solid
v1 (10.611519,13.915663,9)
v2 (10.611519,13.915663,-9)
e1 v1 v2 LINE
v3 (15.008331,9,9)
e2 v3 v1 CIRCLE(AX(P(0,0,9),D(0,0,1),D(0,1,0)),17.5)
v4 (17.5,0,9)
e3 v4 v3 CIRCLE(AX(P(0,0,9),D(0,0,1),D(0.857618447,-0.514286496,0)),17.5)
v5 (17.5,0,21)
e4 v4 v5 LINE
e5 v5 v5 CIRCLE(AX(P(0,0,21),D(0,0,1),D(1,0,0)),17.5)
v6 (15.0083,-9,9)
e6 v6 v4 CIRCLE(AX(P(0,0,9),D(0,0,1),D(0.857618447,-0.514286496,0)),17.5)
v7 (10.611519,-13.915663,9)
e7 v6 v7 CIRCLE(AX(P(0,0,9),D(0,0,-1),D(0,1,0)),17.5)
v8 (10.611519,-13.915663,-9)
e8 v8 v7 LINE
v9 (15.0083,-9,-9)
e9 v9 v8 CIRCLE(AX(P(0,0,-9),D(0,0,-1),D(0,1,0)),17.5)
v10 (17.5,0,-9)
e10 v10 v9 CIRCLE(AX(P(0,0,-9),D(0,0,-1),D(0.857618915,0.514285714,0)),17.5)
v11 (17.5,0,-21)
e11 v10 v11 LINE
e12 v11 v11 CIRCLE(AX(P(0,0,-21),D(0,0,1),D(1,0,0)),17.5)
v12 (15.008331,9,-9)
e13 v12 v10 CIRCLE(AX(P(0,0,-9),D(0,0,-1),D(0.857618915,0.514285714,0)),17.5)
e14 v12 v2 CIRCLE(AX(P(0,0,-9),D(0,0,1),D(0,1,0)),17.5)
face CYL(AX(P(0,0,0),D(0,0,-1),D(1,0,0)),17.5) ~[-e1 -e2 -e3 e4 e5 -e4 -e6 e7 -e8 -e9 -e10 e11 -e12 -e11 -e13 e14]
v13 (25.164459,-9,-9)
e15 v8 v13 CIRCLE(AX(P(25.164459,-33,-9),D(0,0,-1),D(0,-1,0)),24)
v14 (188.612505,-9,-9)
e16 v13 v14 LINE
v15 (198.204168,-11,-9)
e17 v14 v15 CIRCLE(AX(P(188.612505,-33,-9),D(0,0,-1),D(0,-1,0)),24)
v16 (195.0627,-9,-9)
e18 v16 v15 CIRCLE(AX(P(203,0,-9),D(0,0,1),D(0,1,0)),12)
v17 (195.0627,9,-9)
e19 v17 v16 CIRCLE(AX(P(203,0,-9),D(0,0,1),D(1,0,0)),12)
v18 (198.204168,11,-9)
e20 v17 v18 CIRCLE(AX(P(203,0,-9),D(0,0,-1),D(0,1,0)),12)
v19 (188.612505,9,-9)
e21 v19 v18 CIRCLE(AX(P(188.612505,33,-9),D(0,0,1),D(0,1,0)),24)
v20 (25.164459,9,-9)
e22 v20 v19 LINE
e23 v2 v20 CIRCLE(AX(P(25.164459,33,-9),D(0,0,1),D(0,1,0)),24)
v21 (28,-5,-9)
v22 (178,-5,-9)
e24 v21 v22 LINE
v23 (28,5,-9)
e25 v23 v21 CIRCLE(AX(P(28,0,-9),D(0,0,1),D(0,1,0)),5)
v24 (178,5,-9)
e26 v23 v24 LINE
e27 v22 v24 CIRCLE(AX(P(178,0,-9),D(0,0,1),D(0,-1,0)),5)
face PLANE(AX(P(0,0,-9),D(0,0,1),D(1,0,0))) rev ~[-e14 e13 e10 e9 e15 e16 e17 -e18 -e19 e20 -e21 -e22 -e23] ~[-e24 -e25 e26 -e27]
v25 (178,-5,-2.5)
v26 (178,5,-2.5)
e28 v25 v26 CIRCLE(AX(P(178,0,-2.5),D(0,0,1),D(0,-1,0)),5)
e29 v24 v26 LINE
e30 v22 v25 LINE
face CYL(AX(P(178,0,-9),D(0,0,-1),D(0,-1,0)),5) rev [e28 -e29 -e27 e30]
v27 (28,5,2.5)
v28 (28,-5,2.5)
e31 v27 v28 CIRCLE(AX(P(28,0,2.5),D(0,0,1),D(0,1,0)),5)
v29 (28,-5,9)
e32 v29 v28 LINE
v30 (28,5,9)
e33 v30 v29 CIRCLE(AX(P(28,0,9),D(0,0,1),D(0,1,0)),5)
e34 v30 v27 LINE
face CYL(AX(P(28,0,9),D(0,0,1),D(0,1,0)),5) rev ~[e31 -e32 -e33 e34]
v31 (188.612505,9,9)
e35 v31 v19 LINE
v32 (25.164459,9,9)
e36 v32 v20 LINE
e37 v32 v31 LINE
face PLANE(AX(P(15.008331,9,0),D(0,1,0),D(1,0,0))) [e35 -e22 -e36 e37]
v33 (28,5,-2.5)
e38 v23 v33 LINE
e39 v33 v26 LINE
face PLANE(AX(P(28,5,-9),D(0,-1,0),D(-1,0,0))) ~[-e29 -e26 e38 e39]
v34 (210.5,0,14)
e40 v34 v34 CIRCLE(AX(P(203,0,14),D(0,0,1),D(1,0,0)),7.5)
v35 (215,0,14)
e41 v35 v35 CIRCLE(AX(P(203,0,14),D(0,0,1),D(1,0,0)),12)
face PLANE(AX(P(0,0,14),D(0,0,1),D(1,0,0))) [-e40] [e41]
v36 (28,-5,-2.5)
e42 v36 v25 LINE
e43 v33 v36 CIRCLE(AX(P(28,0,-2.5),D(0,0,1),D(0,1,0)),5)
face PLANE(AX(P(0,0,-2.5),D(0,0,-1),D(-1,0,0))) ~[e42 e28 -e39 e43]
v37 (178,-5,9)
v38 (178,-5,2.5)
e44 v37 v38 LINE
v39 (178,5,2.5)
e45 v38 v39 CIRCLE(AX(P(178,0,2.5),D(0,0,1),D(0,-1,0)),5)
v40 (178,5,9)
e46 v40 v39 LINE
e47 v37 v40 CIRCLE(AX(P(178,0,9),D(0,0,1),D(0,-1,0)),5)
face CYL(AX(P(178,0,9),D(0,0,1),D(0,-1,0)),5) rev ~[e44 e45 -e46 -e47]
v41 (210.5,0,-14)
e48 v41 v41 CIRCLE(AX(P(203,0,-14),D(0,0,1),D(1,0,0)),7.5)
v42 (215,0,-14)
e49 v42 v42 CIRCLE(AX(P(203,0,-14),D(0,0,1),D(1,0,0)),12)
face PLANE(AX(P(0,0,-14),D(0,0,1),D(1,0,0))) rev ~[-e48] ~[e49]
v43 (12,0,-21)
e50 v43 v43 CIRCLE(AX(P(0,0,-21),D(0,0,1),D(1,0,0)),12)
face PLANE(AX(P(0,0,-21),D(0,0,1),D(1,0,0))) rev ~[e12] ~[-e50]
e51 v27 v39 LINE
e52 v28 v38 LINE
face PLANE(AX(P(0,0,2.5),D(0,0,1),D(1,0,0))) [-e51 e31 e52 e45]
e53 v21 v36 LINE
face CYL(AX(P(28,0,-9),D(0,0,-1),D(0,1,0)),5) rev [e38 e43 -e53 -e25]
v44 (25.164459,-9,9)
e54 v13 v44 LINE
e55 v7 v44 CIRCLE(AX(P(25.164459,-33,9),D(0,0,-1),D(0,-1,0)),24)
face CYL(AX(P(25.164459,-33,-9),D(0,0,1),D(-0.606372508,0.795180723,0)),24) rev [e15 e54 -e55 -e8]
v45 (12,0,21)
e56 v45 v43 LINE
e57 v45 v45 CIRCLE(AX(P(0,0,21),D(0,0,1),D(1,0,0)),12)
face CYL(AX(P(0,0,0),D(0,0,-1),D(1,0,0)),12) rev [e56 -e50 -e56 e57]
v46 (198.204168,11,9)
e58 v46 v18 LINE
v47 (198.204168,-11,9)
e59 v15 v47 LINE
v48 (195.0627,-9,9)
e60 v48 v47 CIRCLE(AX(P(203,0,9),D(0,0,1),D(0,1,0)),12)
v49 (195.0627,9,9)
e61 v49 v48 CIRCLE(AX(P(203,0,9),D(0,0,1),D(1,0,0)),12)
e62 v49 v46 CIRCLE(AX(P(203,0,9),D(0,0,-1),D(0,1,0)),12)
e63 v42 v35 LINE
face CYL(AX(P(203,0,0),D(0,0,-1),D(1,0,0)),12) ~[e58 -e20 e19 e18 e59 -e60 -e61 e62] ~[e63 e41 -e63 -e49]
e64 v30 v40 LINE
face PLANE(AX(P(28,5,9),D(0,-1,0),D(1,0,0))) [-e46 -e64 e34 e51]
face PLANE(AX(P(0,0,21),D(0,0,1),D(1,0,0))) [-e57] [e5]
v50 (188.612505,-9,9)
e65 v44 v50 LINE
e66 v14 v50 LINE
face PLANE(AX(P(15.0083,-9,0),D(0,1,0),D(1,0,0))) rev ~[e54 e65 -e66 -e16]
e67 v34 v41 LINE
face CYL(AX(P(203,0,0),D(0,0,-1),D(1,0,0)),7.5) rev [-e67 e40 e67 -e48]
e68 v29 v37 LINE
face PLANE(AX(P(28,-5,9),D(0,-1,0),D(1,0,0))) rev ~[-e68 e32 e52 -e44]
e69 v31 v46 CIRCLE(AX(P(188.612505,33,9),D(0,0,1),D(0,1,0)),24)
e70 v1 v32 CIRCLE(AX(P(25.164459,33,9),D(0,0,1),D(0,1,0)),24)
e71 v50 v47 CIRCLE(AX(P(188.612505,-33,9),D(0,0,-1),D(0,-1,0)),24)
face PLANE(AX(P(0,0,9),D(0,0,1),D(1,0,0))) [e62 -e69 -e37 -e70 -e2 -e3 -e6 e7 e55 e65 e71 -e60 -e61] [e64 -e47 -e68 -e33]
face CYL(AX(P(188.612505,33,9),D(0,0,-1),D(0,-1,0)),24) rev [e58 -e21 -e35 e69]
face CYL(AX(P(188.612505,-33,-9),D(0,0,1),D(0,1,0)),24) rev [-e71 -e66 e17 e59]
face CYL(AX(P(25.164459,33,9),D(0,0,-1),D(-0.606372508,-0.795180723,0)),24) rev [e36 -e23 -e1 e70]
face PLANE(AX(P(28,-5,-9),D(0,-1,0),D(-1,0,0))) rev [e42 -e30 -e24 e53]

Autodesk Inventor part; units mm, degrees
ref_plane "YZ Plane" through (0, 0, 0) normal (1, 0, 0) x (0, 1, 0)
ref_plane "XZ Plane" through (0, 0, 0) normal (0, 1, 0) x (-1, 0, 0)
ref_plane "XY Plane" through (0, 0, 0) normal (0, 0, 1) x (1, 0, 0)
sketch "Esboço1" plane through (0, 0, 0) normal (0, 0, 1) x (1, 0, 0)
  circle A0 centre (0, 0) radius 12
  circle A1 centre (0, 0) radius 17.5
  dimension "d1" = 24
  dimension "d0" = 35
extrude "Extrusão1" add sketch "Esboço1" along normal mid plane 42
sketch "Esboço2" plane through (0, 0, 0) normal (0, 0, 1) x (1, 0, 0)
  circle A0 centre (203, 0) radius 12
  circle A1 centre (203, 0) radius 7.5
  point P0 (0, 0)
  dimension "d5" = 24
  dimension "d6" = 15
  dimension "d9" = 203
extrude "Extrusão2" add sketch "Esboço2" along normal mid plane 28
sketch "Esboço4" plane through (0, 0, 0) normal (0, 0, 1) x (1, 0, 0)
  line L0 (7.9373, 9) -> (195.0627, 9)
  circle A0 centre (0, 0) radius 17.5 projected
  circle A1 centre (0, 0) radius 12 projected
  circle A2 centre (203, 0) radius 12 projected
  circle A3 centre (203, 0) radius 7.5 projected
  line L1 (15.0083, -9) -> (195.0627, -9)
  point P0 (15.0083, 9)
  dimension "d11" = 9
extrude "Extrusão3" add sketch "Esboço4" along normal mid plane 18 contours L0 A2 L1 A0
sketch "Esboço5" plane through (0, 0, 9) normal (0, 0, 1) x (1, 0, 0)
  arc A0 (28, 5) -> (28, -5) centre (28, 0) ccw
  arc A1 (178, -5) -> (178, 5) centre (178, 0) ccw
  line L0 (28, -5) -> (178, -5)
  line L1 (28, 5) -> (178, 5)
  point P0 (0, 0)
  dimension "d14" = 28
  dimension "d15" = 150
  dimension "d16" = 10
  dimension "d17" = 5
extrude "Extrusão4" cut sketch "Esboço5" against normal blind 6.5
mirror "Espelhamento1" about plane through (0, 0, 0) normal (0, 0, 1) of "Extrusão4"
fillet "Arredondamento1" radius 24 4 edges at (15.0083, 9, 0) (195.0627, 9, 0) (195.0627, -9, 0) (15.0083, -9, 0)
properties part number "18" material "Aço"
